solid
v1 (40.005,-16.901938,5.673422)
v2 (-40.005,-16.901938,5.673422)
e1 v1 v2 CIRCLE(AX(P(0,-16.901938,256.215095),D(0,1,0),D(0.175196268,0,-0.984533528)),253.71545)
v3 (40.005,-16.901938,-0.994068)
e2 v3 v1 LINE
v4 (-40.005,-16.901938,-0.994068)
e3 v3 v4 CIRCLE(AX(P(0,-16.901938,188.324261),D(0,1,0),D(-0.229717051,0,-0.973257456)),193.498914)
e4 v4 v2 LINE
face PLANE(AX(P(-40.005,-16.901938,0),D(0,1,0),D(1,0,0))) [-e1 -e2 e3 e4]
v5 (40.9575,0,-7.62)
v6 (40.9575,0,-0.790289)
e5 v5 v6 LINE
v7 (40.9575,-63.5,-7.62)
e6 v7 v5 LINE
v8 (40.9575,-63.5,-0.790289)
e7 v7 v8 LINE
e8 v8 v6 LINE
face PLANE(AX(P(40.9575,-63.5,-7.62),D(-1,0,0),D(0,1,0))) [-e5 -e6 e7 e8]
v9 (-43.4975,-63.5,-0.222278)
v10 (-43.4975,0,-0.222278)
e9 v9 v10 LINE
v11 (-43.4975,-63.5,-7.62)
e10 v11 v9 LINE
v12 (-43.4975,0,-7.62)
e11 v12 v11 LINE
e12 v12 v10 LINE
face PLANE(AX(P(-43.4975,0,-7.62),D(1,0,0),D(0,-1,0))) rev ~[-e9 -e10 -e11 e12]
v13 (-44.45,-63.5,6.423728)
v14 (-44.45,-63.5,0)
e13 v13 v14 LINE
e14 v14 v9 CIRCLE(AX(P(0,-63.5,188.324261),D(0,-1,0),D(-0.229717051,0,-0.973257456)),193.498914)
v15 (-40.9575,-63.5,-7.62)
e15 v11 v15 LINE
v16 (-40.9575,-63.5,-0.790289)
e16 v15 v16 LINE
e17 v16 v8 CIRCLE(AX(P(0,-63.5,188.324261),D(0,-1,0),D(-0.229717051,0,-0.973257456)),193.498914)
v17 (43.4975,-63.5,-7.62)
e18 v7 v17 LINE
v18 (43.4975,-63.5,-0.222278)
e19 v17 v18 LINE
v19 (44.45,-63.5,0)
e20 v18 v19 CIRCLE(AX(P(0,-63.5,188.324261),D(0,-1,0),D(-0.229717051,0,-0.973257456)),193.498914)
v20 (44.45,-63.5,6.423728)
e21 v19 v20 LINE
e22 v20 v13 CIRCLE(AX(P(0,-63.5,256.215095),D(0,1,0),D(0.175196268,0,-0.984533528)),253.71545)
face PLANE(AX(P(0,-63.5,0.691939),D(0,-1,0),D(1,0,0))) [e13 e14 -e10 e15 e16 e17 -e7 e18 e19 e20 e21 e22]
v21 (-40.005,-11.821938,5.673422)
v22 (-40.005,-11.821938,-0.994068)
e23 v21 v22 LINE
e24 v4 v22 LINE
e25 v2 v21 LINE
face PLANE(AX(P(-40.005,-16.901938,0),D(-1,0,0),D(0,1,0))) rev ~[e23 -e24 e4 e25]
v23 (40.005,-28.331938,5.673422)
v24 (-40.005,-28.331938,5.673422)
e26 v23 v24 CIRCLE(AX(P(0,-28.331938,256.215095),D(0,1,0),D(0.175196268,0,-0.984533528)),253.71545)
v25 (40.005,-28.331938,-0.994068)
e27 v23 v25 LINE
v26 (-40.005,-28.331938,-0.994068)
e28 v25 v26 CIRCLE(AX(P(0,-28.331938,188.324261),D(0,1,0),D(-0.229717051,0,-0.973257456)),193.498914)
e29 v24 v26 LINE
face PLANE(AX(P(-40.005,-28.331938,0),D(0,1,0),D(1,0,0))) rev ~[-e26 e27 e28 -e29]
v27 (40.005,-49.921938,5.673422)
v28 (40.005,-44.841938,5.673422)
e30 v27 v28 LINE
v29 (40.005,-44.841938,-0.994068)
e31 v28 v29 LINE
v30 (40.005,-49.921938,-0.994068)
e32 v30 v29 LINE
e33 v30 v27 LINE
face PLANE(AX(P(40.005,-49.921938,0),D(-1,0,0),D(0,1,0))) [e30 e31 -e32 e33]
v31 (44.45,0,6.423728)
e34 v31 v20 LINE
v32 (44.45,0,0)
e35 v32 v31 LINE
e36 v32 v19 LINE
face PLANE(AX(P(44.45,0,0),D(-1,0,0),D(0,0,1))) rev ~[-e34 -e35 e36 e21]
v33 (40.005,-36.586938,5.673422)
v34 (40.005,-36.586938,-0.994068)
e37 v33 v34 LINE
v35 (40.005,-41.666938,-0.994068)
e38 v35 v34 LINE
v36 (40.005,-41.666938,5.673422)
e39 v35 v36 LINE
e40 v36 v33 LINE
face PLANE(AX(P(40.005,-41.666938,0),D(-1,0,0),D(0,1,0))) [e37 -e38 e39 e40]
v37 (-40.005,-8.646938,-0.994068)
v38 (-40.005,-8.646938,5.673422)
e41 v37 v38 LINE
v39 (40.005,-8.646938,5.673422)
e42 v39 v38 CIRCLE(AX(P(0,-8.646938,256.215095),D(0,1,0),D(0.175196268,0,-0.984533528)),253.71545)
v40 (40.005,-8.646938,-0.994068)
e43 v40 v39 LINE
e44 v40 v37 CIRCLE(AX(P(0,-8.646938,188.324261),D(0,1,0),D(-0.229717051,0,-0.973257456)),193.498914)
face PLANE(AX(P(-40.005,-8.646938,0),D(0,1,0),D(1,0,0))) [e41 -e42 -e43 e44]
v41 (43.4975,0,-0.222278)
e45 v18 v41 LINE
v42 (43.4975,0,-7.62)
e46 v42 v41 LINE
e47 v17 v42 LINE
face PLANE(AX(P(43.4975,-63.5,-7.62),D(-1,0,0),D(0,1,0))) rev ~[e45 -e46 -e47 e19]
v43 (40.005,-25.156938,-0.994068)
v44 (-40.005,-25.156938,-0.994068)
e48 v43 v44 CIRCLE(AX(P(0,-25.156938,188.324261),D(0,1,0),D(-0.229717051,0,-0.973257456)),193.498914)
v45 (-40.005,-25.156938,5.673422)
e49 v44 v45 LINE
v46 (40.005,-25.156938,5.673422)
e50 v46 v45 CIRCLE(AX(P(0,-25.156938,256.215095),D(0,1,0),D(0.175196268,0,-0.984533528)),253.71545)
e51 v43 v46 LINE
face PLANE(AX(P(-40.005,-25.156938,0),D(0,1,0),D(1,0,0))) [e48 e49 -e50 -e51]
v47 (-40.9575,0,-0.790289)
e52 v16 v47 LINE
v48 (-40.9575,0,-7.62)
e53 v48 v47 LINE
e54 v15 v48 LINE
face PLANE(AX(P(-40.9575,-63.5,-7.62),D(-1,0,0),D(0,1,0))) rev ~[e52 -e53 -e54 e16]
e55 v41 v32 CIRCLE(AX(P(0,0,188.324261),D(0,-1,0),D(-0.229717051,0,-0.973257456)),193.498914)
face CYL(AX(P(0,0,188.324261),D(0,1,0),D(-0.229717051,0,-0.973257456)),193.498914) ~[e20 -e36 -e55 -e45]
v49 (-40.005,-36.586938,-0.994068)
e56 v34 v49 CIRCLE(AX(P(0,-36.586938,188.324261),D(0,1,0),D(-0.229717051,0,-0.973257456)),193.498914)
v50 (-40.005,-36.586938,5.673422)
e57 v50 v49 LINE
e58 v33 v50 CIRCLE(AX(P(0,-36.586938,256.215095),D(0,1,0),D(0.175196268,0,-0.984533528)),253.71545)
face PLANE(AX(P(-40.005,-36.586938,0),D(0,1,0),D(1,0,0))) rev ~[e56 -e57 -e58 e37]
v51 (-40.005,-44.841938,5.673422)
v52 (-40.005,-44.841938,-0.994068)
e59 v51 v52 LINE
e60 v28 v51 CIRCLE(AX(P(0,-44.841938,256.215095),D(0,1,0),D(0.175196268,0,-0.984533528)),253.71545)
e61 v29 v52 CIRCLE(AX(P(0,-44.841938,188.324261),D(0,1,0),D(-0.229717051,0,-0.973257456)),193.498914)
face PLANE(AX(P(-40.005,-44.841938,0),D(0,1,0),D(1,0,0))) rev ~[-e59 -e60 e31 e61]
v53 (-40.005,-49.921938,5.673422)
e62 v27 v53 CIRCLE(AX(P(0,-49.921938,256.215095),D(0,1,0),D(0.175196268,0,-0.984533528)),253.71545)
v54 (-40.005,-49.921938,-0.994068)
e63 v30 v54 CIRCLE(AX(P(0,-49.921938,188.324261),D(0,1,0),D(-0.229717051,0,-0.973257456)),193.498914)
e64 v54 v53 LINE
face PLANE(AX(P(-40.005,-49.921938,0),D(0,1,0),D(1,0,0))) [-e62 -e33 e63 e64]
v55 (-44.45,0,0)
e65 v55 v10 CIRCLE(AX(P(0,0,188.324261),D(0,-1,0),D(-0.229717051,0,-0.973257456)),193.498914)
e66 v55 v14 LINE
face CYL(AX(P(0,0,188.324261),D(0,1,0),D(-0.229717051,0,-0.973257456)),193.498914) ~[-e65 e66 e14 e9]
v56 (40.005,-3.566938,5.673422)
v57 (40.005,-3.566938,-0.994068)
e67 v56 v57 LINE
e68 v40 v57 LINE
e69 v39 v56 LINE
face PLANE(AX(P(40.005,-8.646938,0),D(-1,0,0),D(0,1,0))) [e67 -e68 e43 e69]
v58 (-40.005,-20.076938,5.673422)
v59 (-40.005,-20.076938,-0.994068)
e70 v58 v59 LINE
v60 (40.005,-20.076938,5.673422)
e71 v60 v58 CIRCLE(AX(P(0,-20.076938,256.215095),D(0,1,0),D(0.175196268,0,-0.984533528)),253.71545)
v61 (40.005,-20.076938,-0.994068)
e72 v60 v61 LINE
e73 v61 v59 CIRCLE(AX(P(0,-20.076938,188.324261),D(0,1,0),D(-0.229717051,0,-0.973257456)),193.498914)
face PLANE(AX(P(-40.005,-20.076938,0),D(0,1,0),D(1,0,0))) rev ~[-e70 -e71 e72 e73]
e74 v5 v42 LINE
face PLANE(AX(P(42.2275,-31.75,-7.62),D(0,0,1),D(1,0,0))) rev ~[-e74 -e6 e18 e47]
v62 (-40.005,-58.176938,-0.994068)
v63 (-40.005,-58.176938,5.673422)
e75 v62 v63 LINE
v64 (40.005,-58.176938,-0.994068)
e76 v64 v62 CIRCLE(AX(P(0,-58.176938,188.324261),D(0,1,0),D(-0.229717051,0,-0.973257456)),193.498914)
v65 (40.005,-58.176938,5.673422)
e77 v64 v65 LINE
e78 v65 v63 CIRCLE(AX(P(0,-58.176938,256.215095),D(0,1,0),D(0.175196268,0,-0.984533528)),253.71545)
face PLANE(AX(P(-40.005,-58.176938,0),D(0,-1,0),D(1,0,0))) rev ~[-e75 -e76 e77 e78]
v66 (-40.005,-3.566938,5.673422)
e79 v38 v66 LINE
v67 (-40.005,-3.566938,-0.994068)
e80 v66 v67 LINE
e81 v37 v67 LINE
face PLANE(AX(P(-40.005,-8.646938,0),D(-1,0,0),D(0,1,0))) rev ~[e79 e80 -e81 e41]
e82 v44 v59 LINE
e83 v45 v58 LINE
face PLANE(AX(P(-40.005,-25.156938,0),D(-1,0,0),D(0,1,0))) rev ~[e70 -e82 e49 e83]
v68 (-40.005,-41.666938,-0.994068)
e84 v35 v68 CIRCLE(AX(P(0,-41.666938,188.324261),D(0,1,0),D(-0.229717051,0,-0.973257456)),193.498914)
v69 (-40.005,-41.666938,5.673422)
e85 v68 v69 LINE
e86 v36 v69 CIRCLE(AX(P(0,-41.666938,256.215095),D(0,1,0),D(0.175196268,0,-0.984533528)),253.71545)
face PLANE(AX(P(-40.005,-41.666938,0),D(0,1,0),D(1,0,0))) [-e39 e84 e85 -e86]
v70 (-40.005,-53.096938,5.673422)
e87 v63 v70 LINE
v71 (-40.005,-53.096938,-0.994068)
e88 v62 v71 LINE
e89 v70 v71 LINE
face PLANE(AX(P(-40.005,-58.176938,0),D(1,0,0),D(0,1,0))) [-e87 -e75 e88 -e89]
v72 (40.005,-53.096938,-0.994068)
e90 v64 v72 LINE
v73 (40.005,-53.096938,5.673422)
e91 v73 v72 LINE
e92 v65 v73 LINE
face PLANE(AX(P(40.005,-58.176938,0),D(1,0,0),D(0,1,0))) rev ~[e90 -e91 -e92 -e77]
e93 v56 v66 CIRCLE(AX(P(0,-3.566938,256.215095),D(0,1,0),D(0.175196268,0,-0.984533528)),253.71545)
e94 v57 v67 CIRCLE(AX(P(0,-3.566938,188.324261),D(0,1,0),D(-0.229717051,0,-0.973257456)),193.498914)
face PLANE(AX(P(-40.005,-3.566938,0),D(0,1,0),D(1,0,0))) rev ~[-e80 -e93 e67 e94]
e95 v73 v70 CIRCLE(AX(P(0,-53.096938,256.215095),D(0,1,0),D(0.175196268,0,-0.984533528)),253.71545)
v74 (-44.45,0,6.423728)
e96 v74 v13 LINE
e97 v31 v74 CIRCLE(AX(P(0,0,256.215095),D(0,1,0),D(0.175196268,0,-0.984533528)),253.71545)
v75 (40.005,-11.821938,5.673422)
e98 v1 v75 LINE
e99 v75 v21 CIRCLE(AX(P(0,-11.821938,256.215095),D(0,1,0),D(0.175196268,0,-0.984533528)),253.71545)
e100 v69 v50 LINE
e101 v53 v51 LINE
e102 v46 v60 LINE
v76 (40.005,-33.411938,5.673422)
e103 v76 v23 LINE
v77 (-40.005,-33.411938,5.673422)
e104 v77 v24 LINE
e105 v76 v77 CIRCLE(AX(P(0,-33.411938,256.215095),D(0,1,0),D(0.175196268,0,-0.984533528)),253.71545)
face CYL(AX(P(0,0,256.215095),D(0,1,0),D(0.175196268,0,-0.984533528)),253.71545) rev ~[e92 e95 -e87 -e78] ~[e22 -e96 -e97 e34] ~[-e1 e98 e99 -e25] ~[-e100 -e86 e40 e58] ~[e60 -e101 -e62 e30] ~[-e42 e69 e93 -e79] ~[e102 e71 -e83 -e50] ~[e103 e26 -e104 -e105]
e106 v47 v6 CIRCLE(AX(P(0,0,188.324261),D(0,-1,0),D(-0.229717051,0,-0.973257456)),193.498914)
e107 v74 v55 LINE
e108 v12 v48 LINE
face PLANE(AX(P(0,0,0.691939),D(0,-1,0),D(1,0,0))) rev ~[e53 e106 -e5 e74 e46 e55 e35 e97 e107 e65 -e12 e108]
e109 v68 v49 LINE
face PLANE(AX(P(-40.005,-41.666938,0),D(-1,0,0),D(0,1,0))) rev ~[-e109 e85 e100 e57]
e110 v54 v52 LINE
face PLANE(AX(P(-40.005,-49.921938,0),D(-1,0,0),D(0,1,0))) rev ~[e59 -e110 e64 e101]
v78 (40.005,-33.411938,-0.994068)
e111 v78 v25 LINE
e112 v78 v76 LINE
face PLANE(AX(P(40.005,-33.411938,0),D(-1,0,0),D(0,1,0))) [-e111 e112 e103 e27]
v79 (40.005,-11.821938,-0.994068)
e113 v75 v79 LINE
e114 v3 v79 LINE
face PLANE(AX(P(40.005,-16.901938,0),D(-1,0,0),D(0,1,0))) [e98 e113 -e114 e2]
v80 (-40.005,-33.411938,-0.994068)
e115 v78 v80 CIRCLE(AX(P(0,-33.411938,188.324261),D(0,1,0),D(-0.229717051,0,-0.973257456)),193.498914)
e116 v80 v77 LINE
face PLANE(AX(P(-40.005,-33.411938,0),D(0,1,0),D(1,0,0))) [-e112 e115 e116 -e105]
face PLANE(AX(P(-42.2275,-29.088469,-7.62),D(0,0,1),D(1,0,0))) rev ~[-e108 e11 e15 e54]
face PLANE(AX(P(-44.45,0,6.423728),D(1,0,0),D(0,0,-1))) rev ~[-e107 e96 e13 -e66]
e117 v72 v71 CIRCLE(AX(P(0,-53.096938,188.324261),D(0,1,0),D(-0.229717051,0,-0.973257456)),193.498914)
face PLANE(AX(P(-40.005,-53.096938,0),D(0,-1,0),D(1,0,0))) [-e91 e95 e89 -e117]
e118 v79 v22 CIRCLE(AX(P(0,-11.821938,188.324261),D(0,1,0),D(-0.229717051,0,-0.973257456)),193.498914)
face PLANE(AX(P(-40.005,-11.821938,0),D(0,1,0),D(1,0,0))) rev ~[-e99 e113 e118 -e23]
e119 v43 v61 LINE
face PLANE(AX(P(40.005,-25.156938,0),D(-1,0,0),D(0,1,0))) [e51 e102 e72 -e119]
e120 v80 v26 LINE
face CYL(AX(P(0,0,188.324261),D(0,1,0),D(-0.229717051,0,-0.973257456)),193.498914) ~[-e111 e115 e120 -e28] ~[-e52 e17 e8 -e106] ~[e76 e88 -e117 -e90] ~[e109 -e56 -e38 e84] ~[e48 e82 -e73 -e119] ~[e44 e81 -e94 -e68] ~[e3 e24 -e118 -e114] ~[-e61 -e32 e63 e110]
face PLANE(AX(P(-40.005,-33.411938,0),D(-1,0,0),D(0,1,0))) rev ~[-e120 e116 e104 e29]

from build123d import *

# Parameters (mm, degrees)
F1_DEPTH = 63.5
F2_W     = 80.01
F2_H     = 5.08
F3_DEPTH = 25.4
F5_W     = 2.54
F5_H     = 58.1769375229
F5_H_2   = 5.3230624771
F5_H_3   = 63.5


with BuildPart() as f1:
    # F0 (on Front) → F1 (new body)
    with BuildSketch(Plane.XZ):
        with BuildLine():
            Line((44.45, 0), (44.45, 6.4237275764))
            ThreePointArc((44.45, 6.4237275764), (0, 2.4996446645), (-44.45, 6.4237275764))
            Line((-44.45, 6.4237275764), (-44.45, 0))
            ThreePointArc((-44.45, 0), (0, -5.1746531634), (44.45, 0))
        make_face()
    extrude(amount=F1_DEPTH)

    # F2 (on Top) → F3 (cut, symmetric)
    with BuildSketch(Plane.XY):
        with Locations((0, -6.1069375229)):
            Rectangle(F2_W, F2_H)
        with Locations((0, -14.3619375229)):
            Rectangle(F2_W, F2_H)
        with Locations((0, -22.6169375229)):
            Rectangle(F2_W, F2_H)
        with Locations((0, -30.8719375229)):
            Rectangle(F2_W, F2_H)
        with Locations((0, -39.1269375229)):
            Rectangle(F2_W, F2_H)
        with Locations((0, -47.3819375229)):
            Rectangle(F2_W, F2_H)
        with Locations((0, -55.6369375229)):
            Rectangle(F2_W, F2_H)
    extrude(amount=F3_DEPTH, both=True, mode=Mode.SUBTRACT)

    # F5 (on offset) → F6 (join, up to the next surface of F1)
    with BuildSketch(Plane.XY.offset(-7.62)):
        with Locations((-42.2275, -29.0884687615)):
            Rectangle(F5_W, F5_H)
        with Locations((-42.2275, -60.8384687615)):
            Rectangle(F5_W, F5_H_2)
        with Locations((42.2275, -31.75)):
            Rectangle(F5_W, F5_H_3)
    extrude(until=Until.NEXT)


solid = f1.part
